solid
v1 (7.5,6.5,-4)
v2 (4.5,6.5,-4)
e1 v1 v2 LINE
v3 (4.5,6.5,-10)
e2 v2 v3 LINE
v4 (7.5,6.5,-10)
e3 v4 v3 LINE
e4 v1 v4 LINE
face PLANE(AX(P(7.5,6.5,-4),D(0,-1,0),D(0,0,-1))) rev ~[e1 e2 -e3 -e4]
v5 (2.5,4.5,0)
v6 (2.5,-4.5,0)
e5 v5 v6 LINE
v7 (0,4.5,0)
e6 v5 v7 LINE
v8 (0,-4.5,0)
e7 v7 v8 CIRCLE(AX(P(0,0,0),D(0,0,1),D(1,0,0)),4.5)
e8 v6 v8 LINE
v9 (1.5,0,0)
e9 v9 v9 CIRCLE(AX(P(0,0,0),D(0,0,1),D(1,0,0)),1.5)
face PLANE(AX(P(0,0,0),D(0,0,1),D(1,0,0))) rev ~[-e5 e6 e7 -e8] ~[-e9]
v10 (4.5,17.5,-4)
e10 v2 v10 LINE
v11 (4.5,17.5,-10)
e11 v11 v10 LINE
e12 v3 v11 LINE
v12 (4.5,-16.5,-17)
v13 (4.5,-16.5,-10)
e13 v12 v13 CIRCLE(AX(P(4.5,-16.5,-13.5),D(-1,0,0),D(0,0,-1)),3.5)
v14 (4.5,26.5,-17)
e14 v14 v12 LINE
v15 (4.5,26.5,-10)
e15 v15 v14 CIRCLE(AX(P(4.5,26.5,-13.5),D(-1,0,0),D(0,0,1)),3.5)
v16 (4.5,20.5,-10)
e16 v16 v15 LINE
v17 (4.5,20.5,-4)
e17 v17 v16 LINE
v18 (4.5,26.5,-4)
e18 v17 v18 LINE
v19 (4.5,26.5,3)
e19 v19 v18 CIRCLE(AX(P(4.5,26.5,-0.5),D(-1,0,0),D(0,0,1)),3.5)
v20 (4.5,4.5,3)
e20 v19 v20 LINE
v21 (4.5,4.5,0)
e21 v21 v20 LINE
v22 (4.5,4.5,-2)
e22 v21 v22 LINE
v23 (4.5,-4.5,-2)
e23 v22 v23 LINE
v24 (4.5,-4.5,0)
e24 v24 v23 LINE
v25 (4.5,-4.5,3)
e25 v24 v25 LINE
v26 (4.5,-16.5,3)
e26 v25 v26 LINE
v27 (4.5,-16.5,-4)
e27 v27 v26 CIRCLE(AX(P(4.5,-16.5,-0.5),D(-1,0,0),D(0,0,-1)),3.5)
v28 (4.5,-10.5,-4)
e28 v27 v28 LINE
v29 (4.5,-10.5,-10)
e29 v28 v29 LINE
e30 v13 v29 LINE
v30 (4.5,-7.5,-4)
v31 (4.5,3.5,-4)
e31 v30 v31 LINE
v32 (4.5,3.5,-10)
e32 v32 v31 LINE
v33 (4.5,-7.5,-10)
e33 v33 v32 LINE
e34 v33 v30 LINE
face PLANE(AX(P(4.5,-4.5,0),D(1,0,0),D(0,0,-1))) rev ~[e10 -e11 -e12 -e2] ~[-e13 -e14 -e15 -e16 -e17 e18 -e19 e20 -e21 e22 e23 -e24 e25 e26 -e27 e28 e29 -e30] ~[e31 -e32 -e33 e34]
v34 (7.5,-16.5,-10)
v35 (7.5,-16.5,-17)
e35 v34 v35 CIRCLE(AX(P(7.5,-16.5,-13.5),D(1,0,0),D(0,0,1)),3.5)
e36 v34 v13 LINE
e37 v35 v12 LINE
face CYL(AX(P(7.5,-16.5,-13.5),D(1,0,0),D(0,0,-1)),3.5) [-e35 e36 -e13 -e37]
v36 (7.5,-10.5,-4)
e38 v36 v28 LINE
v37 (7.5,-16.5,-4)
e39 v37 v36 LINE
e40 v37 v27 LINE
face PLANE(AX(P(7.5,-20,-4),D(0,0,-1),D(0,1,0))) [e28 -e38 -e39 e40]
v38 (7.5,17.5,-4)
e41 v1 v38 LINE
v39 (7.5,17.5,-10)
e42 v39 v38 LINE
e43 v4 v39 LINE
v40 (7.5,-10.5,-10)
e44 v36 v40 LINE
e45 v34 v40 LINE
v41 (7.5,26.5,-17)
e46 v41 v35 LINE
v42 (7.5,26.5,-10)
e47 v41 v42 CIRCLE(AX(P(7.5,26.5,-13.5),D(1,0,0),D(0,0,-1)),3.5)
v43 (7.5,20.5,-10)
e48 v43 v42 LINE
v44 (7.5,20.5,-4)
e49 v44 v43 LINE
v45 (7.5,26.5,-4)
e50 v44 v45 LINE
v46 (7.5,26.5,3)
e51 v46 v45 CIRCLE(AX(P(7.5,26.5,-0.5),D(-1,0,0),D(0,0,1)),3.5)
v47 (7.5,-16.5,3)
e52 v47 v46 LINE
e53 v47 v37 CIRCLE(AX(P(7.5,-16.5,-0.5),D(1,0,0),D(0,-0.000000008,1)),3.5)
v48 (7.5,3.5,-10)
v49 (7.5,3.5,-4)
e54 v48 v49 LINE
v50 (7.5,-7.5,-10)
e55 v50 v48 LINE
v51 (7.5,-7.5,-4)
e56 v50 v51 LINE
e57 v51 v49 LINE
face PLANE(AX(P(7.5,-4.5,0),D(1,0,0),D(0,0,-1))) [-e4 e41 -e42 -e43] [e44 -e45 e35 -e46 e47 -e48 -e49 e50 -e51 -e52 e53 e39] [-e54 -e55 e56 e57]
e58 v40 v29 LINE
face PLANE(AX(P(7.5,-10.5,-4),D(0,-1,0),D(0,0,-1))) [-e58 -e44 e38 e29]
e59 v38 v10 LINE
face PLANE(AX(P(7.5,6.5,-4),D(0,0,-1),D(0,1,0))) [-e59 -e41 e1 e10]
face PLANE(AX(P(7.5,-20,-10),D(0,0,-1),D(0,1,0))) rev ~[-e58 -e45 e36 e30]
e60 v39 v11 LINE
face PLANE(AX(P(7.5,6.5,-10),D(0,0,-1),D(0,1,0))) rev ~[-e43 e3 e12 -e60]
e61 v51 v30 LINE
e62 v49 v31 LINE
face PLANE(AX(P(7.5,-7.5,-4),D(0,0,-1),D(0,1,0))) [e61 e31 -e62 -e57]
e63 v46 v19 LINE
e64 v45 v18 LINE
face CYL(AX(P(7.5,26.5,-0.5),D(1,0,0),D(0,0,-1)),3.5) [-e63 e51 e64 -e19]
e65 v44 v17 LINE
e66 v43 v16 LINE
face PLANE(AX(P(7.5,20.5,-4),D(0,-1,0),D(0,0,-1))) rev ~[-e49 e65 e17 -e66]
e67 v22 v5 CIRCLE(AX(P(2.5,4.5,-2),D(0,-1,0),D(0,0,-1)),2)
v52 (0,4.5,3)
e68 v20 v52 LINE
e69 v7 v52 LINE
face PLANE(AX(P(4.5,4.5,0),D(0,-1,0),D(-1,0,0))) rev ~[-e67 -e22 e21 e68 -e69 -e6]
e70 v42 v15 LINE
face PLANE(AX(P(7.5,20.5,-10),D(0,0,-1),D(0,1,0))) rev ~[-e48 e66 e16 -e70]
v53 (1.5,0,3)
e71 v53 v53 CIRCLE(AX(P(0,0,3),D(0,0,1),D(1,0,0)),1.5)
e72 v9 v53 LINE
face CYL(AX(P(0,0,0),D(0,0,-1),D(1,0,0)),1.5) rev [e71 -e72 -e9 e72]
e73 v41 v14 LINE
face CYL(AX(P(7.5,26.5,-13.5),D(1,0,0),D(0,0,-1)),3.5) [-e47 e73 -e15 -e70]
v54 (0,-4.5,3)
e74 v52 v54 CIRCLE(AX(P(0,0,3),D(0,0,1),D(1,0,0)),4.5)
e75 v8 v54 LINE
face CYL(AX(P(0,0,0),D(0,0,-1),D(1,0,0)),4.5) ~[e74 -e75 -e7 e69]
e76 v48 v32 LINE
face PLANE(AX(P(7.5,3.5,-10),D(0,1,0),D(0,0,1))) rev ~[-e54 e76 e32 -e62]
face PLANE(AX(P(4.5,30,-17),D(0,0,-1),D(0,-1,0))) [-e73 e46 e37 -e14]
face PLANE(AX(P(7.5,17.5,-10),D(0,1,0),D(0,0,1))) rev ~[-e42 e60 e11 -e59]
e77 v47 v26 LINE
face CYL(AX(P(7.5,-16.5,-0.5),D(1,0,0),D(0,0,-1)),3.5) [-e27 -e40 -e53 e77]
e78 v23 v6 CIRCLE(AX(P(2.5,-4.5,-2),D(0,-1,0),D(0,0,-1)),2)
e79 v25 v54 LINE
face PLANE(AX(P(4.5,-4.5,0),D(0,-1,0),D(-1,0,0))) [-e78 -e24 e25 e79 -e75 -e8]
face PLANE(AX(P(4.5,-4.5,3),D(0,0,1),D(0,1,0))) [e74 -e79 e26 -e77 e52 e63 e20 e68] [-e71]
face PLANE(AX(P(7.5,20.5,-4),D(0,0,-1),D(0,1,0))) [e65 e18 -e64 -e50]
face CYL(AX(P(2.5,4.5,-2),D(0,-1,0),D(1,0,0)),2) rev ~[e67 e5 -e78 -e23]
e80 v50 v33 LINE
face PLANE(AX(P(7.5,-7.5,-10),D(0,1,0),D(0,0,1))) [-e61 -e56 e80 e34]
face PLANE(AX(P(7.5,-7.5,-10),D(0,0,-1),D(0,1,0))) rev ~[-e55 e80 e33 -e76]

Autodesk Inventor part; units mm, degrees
ref_plane "YZ Plane" through (0, 0, 0) normal (1, 0, 0) x (0, 1, 0)
ref_plane "XZ Plane" through (0, 0, 0) normal (0, 1, 0) x (-1, 0, 0)
ref_plane "XY Plane" through (0, 0, 0) normal (0, 0, 1) x (1, 0, 0)
sketch "Sketch1" plane through (0, 0, 0) normal (0, 0, 1) x (1, 0, 0)
  circle A0 centre (0, 0) radius 1.5
  circle A1 centre (0, 0) radius 4.5
  line L0 (4.5, 0) -> (4.5, 4.5)
  line L1 (4.5, 4.5) -> (0, 4.5)
  line L2 (4.5, 0) -> (4.5, -4.5)
  line L3 (4.5, -4.5) -> (0, -4.5)
  dimension "d0" = 3
  dimension "d1" = 9
extrude "Extrusion1" add sketch "Sketch1" along normal blind 3
sketch "Sketch2" plane through (4.5, -4.5, 0) normal (1, 0, 0) x (0, 0, -1)
  line L0 (0, 0) -> (0, 9) projected
  line L1 (0, 9) -> (-3, 9) projected
  line L2 (-3, 0) -> (-3, 9) projected
  line L3 (0, 0) -> (-3, 0) projected
  line L4 (-3, 9) -> (-3, 0) projected
  line L5 (-3, 0) -> (-3, 4.5)
  line L6 (-3, 4.5) -> (-3, 34.5)
  line L7 (-3, 34.5) -> (17, 34.5)
  line L8 (17, 34.5) -> (17, -15.5)
  line L9 (17, -15.5) -> (-3, -15.5)
  line L10 (-3, -15.5) -> (-3, 4.5)
  point P0 (0, 4.5)
  dimension "d4" = 4.5
  dimension "d5" = 30
  dimension "d6" = 20
  dimension "d7" = 50
extrude "Extrusion2" add sketch "Sketch2" along normal blind 3
sketch "Sketch3" plane through (7.5, -4.5, 0) normal (1, 0, 0) x (0, 0, -1)
  line L0 (-3, -15.5) -> (17, -15.5) projected
  line L1 (17, -15.5) -> (17, 34.5) projected
  line L2 (17, 34.5) -> (-3, 34.5) projected
  line L3 (-3, 34.5) -> (-3, -15.5) projected
  line L4 (-3, 0) -> (-3, -15.5) projected
  line L5 (-3, -15.5) -> (0, -15.5)
  line L6 (-3, -15.5) -> (17, -15.5) projected
  line L7 (0, -15.5) -> (0, 34.5)
  line L8 (17, -15.5) -> (14, -15.5)
  line L9 (14, -15.5) -> (14, 34.5)
  line L10 (17, 34.5) -> (-3, 34.5) projected
  line L11 (0, -15.5) -> (0, 9.5)
  line L12 (0, 9.5) -> (0, 11)
  line L13 (0, 11) -> (14, 11)
  line L14 (14, 11) -> (14, 8)
  line L15 (14, 8) -> (0, 8)
  line L16 (0, 8) -> (0, 9.5)
  line L17 (0, 9.5) -> (0, -4.5)
  line L18 (0, -4.5) -> (0, -6)
  line L19 (0, -6) -> (14, -6)
  line L20 (14, -6) -> (14, -3)
  line L21 (14, -3) -> (0, -3)
  line L22 (0, 9.5) -> (0, 23.5)
  line L23 (0, 23.5) -> (0, 25)
  line L24 (0, 25) -> (14, 25)
  line L25 (14, 25) -> (14, 22)
  line L26 (14, 22) -> (0, 22)
  line L27 (0, -15.5) -> (4, -15.5)
  line L28 (4, -15.5) -> (4, 34.5)
  line L29 (14, -15.5) -> (10, -15.5)
  line L30 (10, -15.5) -> (10, 34.5)
  point P0 (0, 4.5)
  point P1 (10, -6)
  point P2 (4, -6)
  point P3 (10, -3)
  point P4 (10, 8)
  point P5 (4, 8)
  point P6 (4, -3)
  point P7 (10, 11)
  point P8 (10, 22)
  point P9 (4, 22)
  point P10 (4, 11)
  point P11 (10, 25)
  point P12 (4, 25)
  dimension "d10" = 3
  dimension "d11" = 3
  dimension "d12" = 25
  dimension "d13" = 1.5
  dimension "d14" = 3
  dimension "d15" = 14
  dimension "d16" = 1.5
  dimension "d17" = 3
  dimension "d18" = 14
  dimension "d19" = 1.5
  dimension "d20" = 3
  dimension "d21" = 4
  dimension "d22" = 4
extrude "Extrusion3" cut sketch "Sketch3" against normal blind 3 contours L28 L19 L30 L0 | L28 L15 L30 L21 | L2 L30 L24 L28 | L28 L26 L30 L13
sketch "Sketch4" plane through (7.5, -4.5, 0) normal (1, 0, 0) x (0, 0, -1)
  line L0 (10, -6) -> (10, -15.5) projected
  line L1 (10, -15.5) -> (17, -15.5) projected
  line L2 (17, -15.5) -> (17, 34.5) projected
  line L3 (17, 34.5) -> (10, 34.5) projected
  line L4 (10, 34.5) -> (10, 25) projected
  line L5 (10, 25) -> (4, 25) projected
  line L6 (4, 25) -> (4, 34.5) projected
  line L7 (4, 34.5) -> (-3, 34.5) projected
  line L8 (-3, 34.5) -> (-3, -15.5) projected
  line L9 (-3, -15.5) -> (4, -15.5) projected
  line L10 (4, -15.5) -> (4, -6) projected
  line L11 (4, -6) -> (10, -6) projected
  line L12 (4, -3) -> (4, 8) projected
  line L13 (4, 8) -> (10, 8) projected
  line L14 (10, 8) -> (10, -3) projected
  line L15 (10, -3) -> (4, -3) projected
  line L16 (4, 11) -> (4, 22) projected
  line L17 (4, 22) -> (10, 22) projected
  line L18 (10, 22) -> (10, 11) projected
  line L19 (10, 11) -> (4, 11) projected
  line L20 (-3, -15.5) -> (0.5, -15.5)
  line L21 (-3, -15.5) -> (4, -15.5) projected
  line L22 (0.5, -15.5) -> (0.5, -12)
  circle A0 centre (0.5, -12) radius 3.5
  line L23 (-3, -15.5) -> (-3, 9.5)
  line L24 (-3, 34.5) -> (-3, -15.5) projected
  line L25 (-3, 9.5) -> (5.4894, 9.5)
  circle A1 centre (0.5, 31) radius 3.5
  line L26 (-3, 9.5) -> (7, 9.5)
  line L27 (7, 9.5) -> (7, 17.879)
  circle A2 centre (13.5, -12) radius 3.5
  circle A3 centre (13.5, 31) radius 3.5
  point P0 (0, 4.5)
  point P1 (-3, 31)
  point P2 (0.5, 34.5)
  point P3 (4, 31)
  point P4 (10, 31)
  point P5 (13.5, 34.5)
  point P6 (17, 31)
  point P7 (17, -12)
  point P8 (13.5, -15.5)
  point P9 (10, -12)
  point P10 (-3, -12)
  point P11 (4, -12)
  dimension "d25" = 3.5
  dimension "d26" = 3.5
  dimension "d27" = 25
extrude "Extrusion4" cut sketch "Sketch4" against normal blind 3 contours A2 L1 L0 | L2 L1 A2 | L10 L9 A0 | A3 L3 L2 | L9 L8 A0 | A3 L4 L3 | L8 L7 A1 | L7 L6 A1
fillet "Fillet1" radius 2 1 edges at (4.5, 0, 0)
properties part number "agarre_izquierda"
